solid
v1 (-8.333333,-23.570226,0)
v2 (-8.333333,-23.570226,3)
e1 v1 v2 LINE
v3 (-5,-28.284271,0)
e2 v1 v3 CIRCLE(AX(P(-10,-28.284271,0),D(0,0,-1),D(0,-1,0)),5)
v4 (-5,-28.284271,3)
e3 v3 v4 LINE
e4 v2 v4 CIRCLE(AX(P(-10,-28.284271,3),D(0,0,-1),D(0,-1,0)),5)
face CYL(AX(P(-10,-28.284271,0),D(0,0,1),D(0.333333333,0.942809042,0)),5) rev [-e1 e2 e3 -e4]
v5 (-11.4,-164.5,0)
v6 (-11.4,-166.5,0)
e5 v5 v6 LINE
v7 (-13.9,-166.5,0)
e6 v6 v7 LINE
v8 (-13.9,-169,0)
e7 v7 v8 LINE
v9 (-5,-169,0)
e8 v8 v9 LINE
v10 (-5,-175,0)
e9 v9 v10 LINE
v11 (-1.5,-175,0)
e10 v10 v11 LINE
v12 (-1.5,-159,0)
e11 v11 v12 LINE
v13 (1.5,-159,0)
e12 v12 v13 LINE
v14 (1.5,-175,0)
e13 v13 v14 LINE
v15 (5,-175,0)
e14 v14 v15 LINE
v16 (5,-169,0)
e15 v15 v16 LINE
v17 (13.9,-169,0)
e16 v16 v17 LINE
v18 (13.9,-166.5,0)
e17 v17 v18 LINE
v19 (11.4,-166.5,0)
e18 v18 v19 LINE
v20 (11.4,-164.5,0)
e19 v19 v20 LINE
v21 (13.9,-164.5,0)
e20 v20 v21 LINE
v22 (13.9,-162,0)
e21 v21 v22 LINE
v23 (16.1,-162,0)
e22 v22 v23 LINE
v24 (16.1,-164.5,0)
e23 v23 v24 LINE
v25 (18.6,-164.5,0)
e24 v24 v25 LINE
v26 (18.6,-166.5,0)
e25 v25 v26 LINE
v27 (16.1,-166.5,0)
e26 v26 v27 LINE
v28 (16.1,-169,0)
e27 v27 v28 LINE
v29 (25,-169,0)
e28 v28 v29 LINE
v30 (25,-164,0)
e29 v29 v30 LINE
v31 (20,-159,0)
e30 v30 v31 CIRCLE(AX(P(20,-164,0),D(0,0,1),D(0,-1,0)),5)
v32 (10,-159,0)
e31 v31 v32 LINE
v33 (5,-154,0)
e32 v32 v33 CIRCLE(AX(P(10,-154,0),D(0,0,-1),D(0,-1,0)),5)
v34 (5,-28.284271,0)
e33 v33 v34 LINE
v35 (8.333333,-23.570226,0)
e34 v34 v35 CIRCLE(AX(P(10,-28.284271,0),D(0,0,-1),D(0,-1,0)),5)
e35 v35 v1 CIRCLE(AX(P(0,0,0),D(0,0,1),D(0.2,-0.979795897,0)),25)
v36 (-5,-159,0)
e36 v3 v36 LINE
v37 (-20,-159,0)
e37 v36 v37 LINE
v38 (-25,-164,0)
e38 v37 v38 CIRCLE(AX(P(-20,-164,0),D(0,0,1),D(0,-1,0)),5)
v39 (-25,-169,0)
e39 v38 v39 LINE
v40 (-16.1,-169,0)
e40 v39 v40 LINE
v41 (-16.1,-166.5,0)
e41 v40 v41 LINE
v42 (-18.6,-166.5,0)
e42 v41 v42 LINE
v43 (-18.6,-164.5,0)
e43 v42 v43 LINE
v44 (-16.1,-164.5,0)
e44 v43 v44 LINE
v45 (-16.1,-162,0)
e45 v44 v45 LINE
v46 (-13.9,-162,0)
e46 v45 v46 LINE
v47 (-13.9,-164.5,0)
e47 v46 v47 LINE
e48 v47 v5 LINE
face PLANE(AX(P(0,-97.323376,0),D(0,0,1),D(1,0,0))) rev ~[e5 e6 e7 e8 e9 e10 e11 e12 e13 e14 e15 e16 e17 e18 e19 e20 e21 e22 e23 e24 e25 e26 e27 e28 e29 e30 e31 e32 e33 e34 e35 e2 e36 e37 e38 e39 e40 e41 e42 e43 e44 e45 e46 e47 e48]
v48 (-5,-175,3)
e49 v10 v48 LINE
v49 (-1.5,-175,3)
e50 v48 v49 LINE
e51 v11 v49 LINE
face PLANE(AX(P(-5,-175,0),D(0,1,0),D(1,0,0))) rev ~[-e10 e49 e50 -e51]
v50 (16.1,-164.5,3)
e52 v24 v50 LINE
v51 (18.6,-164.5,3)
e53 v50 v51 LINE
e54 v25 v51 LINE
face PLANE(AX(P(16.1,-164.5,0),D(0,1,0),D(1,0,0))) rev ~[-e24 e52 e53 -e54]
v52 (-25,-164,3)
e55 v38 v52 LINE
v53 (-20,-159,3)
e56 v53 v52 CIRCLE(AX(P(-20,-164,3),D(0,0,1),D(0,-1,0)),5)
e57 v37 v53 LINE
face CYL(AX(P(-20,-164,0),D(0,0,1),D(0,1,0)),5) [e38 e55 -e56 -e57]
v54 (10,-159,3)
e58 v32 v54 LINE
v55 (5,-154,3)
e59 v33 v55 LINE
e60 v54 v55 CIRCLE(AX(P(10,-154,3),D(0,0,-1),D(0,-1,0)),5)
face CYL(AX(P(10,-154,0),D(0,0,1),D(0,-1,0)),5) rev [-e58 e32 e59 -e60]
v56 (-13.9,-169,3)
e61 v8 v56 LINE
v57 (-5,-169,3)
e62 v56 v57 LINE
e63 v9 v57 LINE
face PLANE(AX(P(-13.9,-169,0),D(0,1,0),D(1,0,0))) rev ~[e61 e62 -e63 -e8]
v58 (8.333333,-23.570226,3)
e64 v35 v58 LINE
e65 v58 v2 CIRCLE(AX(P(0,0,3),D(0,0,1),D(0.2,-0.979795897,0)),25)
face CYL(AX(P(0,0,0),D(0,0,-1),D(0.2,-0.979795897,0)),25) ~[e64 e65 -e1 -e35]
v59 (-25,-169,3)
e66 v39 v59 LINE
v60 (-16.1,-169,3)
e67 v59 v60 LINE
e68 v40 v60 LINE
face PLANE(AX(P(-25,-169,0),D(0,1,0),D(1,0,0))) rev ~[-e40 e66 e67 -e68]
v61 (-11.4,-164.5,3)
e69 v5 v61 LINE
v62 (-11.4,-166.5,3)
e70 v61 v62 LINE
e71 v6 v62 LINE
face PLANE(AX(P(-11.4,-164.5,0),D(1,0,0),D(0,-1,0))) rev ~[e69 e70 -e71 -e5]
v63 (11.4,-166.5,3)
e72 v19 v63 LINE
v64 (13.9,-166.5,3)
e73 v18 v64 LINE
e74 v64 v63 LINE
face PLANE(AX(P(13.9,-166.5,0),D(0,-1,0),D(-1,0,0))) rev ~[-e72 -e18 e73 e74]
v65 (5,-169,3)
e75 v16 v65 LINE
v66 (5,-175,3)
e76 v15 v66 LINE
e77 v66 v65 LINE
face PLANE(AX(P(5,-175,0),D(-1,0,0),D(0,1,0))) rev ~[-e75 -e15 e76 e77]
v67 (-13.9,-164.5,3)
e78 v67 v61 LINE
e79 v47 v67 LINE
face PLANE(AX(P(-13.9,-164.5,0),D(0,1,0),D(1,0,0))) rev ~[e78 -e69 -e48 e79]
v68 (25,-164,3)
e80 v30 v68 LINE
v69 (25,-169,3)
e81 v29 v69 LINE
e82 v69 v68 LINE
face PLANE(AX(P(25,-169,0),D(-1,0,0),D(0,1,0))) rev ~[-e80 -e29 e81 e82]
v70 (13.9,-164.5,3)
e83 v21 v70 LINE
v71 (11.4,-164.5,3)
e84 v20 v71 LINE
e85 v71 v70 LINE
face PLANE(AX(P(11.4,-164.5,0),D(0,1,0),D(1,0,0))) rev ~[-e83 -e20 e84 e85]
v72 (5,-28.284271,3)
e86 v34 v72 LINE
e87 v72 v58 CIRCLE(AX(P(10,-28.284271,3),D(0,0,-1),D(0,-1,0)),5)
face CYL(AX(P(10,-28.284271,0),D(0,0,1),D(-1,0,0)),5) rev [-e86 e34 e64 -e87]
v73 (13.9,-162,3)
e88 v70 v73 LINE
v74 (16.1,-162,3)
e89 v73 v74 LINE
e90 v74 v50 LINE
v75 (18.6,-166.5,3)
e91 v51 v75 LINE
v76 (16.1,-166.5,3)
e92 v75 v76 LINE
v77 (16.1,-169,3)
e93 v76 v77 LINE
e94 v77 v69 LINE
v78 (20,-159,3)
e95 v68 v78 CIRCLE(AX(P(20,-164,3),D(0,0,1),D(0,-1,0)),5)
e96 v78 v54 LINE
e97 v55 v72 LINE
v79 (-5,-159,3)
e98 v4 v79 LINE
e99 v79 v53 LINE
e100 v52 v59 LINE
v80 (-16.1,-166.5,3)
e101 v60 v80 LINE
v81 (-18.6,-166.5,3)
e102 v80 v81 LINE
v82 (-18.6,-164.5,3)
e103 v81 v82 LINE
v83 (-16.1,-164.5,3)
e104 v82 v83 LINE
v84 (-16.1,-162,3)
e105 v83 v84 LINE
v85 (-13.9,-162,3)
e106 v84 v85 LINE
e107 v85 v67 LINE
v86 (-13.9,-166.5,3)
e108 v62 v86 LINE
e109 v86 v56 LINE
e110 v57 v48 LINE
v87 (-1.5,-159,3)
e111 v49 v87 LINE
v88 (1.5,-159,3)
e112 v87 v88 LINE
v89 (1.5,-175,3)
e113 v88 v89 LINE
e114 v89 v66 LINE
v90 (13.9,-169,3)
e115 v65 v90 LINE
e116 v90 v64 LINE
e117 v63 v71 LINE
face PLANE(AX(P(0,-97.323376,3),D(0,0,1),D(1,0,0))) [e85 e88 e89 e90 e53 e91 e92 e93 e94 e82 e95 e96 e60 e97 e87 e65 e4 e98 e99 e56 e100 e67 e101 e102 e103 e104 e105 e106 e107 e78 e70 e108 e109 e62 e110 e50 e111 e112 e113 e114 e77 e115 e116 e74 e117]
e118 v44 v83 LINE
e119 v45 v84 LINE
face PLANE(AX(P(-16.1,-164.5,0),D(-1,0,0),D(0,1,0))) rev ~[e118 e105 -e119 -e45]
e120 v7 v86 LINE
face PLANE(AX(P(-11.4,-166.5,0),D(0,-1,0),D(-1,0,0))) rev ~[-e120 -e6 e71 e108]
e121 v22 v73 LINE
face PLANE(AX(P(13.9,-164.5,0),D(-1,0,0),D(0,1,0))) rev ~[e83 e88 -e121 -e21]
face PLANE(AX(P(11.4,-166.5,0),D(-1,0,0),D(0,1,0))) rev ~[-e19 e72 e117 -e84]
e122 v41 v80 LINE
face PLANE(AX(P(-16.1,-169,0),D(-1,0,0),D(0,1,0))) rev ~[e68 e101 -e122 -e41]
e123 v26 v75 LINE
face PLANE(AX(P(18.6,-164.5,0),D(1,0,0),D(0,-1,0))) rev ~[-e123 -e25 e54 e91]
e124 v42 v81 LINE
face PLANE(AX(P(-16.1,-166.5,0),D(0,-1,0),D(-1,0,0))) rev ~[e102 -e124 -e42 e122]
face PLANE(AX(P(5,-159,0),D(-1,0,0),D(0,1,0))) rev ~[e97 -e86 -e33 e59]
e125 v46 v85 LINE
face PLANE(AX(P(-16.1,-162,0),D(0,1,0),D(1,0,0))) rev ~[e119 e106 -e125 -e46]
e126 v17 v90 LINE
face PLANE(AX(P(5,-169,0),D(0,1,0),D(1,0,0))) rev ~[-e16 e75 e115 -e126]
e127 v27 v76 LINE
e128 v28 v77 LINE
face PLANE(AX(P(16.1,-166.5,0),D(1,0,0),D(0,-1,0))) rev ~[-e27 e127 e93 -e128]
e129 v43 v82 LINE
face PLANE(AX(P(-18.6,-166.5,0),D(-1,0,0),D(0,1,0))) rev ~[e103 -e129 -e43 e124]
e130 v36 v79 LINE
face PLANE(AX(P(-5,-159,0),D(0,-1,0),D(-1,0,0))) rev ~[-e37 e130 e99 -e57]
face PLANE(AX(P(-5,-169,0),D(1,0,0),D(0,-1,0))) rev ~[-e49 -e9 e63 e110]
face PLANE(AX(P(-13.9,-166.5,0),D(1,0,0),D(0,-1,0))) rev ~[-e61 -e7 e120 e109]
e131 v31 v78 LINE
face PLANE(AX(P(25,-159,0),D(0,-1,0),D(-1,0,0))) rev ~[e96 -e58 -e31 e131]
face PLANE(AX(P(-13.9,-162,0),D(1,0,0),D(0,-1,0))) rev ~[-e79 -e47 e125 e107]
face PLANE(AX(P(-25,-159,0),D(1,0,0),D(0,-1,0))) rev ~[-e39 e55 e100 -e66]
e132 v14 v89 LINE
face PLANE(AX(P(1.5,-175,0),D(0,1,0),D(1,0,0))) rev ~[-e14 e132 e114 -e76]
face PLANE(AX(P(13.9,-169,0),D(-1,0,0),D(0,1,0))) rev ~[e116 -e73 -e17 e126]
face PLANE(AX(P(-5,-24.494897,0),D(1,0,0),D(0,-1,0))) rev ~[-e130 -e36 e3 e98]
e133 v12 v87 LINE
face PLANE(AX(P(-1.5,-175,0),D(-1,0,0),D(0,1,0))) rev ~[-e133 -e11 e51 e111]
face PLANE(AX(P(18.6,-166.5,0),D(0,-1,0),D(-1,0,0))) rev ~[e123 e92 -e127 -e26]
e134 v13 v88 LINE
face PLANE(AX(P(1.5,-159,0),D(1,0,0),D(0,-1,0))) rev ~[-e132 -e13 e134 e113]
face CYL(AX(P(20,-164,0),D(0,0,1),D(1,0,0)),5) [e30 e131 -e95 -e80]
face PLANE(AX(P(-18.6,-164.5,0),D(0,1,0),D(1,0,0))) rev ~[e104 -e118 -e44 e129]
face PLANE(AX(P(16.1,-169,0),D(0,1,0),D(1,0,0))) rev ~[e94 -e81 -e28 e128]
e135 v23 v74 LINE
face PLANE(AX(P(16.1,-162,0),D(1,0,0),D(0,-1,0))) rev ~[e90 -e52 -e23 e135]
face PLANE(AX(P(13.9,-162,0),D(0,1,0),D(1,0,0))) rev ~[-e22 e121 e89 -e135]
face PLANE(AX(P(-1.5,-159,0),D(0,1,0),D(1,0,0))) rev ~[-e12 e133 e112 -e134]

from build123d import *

# Parameters (mm, degrees)
BOSS_EXTRUDE1_DEPTH = 3
FILLET1_R           = 5


with BuildPart() as part:
    # Sketch1 → Boss-Extrude1 (new body)
    with BuildSketch(Plane.XY):
        with BuildLine():
            Line((-5, -25), (-5, -159))
            Line((-5, -159), (-25, -159))
            Line((-25, -159), (-25, -169))
            Line((-25, -169), (-16.1, -169))
            Line((-16.1, -169), (-16.1, -166.5))
            Line((-16.1, -166.5), (-18.6, -166.5))
            Line((-18.6, -166.5), (-18.6, -164.5))
            Line((-18.6, -164.5), (-16.1, -164.5))
            Line((-16.1, -164.5), (-16.1, -162))
            Line((-16.1, -162), (-13.9, -162))
            Line((-13.9, -162), (-13.9, -164.5))
            Line((-13.9, -164.5), (-11.4, -164.5))
            Line((-11.4, -164.5), (-11.4, -166.5))
            Line((-11.4, -166.5), (-13.9, -166.5))
            Line((-13.9, -166.5), (-13.9, -169))
            Line((-13.9, -169), (-5, -169))
            Line((-5, -169), (-5, -175))
            Line((-5, -175), (-1.5, -175))
            Line((-1.5, -175), (-1.5, -159))
            Line((-1.5, -159), (1.5, -159))
            Line((1.5, -159), (1.5, -175))
            Line((1.5, -175), (5, -175))
            Line((5, -175), (5, -169))
            Line((5, -169), (13.9, -169))
            Line((13.9, -169), (13.9, -166.5))
            Line((13.9, -166.5), (11.4, -166.5))
            Line((11.4, -166.5), (11.4, -164.5))
            Line((11.4, -164.5), (13.9, -164.5))
            Line((13.9, -164.5), (13.9, -162))
            Line((13.9, -162), (16.1, -162))
            Line((16.1, -162), (16.1, -164.5))
            Line((16.1, -164.5), (18.6, -164.5))
            Line((18.6, -164.5), (18.6, -166.5))
            Line((18.6, -166.5), (16.1, -166.5))
            Line((16.1, -166.5), (16.1, -169))
            Line((16.1, -169), (25, -169))
            Line((25, -169), (25, -159))
            Line((25, -159), (5, -159))
            Line((5, -159), (5, -25))
            Line((5, -25), (5, -24.494897428))
            ThreePointArc((5, -24.494897428), (0, 25), (-5, -24.494897428))
            Line((-5, -24.494897428), (-5, -25))
        make_face()
    extrude(amount=BOSS_EXTRUDE1_DEPTH)

    # Fillet1
    fillet1_edges = [part.edges().sort_by_distance(p)[0] for p in [
        (5, -24.494897428, 1.5),
        (5, -159, 1.5),
        (25, -159, 1.5),
        (-25, -159, 1.5),
        (-5, -24.494897428, 1.5),
    ]]
    fillet(fillet1_edges, radius=FILLET1_R)


solid = part.part
